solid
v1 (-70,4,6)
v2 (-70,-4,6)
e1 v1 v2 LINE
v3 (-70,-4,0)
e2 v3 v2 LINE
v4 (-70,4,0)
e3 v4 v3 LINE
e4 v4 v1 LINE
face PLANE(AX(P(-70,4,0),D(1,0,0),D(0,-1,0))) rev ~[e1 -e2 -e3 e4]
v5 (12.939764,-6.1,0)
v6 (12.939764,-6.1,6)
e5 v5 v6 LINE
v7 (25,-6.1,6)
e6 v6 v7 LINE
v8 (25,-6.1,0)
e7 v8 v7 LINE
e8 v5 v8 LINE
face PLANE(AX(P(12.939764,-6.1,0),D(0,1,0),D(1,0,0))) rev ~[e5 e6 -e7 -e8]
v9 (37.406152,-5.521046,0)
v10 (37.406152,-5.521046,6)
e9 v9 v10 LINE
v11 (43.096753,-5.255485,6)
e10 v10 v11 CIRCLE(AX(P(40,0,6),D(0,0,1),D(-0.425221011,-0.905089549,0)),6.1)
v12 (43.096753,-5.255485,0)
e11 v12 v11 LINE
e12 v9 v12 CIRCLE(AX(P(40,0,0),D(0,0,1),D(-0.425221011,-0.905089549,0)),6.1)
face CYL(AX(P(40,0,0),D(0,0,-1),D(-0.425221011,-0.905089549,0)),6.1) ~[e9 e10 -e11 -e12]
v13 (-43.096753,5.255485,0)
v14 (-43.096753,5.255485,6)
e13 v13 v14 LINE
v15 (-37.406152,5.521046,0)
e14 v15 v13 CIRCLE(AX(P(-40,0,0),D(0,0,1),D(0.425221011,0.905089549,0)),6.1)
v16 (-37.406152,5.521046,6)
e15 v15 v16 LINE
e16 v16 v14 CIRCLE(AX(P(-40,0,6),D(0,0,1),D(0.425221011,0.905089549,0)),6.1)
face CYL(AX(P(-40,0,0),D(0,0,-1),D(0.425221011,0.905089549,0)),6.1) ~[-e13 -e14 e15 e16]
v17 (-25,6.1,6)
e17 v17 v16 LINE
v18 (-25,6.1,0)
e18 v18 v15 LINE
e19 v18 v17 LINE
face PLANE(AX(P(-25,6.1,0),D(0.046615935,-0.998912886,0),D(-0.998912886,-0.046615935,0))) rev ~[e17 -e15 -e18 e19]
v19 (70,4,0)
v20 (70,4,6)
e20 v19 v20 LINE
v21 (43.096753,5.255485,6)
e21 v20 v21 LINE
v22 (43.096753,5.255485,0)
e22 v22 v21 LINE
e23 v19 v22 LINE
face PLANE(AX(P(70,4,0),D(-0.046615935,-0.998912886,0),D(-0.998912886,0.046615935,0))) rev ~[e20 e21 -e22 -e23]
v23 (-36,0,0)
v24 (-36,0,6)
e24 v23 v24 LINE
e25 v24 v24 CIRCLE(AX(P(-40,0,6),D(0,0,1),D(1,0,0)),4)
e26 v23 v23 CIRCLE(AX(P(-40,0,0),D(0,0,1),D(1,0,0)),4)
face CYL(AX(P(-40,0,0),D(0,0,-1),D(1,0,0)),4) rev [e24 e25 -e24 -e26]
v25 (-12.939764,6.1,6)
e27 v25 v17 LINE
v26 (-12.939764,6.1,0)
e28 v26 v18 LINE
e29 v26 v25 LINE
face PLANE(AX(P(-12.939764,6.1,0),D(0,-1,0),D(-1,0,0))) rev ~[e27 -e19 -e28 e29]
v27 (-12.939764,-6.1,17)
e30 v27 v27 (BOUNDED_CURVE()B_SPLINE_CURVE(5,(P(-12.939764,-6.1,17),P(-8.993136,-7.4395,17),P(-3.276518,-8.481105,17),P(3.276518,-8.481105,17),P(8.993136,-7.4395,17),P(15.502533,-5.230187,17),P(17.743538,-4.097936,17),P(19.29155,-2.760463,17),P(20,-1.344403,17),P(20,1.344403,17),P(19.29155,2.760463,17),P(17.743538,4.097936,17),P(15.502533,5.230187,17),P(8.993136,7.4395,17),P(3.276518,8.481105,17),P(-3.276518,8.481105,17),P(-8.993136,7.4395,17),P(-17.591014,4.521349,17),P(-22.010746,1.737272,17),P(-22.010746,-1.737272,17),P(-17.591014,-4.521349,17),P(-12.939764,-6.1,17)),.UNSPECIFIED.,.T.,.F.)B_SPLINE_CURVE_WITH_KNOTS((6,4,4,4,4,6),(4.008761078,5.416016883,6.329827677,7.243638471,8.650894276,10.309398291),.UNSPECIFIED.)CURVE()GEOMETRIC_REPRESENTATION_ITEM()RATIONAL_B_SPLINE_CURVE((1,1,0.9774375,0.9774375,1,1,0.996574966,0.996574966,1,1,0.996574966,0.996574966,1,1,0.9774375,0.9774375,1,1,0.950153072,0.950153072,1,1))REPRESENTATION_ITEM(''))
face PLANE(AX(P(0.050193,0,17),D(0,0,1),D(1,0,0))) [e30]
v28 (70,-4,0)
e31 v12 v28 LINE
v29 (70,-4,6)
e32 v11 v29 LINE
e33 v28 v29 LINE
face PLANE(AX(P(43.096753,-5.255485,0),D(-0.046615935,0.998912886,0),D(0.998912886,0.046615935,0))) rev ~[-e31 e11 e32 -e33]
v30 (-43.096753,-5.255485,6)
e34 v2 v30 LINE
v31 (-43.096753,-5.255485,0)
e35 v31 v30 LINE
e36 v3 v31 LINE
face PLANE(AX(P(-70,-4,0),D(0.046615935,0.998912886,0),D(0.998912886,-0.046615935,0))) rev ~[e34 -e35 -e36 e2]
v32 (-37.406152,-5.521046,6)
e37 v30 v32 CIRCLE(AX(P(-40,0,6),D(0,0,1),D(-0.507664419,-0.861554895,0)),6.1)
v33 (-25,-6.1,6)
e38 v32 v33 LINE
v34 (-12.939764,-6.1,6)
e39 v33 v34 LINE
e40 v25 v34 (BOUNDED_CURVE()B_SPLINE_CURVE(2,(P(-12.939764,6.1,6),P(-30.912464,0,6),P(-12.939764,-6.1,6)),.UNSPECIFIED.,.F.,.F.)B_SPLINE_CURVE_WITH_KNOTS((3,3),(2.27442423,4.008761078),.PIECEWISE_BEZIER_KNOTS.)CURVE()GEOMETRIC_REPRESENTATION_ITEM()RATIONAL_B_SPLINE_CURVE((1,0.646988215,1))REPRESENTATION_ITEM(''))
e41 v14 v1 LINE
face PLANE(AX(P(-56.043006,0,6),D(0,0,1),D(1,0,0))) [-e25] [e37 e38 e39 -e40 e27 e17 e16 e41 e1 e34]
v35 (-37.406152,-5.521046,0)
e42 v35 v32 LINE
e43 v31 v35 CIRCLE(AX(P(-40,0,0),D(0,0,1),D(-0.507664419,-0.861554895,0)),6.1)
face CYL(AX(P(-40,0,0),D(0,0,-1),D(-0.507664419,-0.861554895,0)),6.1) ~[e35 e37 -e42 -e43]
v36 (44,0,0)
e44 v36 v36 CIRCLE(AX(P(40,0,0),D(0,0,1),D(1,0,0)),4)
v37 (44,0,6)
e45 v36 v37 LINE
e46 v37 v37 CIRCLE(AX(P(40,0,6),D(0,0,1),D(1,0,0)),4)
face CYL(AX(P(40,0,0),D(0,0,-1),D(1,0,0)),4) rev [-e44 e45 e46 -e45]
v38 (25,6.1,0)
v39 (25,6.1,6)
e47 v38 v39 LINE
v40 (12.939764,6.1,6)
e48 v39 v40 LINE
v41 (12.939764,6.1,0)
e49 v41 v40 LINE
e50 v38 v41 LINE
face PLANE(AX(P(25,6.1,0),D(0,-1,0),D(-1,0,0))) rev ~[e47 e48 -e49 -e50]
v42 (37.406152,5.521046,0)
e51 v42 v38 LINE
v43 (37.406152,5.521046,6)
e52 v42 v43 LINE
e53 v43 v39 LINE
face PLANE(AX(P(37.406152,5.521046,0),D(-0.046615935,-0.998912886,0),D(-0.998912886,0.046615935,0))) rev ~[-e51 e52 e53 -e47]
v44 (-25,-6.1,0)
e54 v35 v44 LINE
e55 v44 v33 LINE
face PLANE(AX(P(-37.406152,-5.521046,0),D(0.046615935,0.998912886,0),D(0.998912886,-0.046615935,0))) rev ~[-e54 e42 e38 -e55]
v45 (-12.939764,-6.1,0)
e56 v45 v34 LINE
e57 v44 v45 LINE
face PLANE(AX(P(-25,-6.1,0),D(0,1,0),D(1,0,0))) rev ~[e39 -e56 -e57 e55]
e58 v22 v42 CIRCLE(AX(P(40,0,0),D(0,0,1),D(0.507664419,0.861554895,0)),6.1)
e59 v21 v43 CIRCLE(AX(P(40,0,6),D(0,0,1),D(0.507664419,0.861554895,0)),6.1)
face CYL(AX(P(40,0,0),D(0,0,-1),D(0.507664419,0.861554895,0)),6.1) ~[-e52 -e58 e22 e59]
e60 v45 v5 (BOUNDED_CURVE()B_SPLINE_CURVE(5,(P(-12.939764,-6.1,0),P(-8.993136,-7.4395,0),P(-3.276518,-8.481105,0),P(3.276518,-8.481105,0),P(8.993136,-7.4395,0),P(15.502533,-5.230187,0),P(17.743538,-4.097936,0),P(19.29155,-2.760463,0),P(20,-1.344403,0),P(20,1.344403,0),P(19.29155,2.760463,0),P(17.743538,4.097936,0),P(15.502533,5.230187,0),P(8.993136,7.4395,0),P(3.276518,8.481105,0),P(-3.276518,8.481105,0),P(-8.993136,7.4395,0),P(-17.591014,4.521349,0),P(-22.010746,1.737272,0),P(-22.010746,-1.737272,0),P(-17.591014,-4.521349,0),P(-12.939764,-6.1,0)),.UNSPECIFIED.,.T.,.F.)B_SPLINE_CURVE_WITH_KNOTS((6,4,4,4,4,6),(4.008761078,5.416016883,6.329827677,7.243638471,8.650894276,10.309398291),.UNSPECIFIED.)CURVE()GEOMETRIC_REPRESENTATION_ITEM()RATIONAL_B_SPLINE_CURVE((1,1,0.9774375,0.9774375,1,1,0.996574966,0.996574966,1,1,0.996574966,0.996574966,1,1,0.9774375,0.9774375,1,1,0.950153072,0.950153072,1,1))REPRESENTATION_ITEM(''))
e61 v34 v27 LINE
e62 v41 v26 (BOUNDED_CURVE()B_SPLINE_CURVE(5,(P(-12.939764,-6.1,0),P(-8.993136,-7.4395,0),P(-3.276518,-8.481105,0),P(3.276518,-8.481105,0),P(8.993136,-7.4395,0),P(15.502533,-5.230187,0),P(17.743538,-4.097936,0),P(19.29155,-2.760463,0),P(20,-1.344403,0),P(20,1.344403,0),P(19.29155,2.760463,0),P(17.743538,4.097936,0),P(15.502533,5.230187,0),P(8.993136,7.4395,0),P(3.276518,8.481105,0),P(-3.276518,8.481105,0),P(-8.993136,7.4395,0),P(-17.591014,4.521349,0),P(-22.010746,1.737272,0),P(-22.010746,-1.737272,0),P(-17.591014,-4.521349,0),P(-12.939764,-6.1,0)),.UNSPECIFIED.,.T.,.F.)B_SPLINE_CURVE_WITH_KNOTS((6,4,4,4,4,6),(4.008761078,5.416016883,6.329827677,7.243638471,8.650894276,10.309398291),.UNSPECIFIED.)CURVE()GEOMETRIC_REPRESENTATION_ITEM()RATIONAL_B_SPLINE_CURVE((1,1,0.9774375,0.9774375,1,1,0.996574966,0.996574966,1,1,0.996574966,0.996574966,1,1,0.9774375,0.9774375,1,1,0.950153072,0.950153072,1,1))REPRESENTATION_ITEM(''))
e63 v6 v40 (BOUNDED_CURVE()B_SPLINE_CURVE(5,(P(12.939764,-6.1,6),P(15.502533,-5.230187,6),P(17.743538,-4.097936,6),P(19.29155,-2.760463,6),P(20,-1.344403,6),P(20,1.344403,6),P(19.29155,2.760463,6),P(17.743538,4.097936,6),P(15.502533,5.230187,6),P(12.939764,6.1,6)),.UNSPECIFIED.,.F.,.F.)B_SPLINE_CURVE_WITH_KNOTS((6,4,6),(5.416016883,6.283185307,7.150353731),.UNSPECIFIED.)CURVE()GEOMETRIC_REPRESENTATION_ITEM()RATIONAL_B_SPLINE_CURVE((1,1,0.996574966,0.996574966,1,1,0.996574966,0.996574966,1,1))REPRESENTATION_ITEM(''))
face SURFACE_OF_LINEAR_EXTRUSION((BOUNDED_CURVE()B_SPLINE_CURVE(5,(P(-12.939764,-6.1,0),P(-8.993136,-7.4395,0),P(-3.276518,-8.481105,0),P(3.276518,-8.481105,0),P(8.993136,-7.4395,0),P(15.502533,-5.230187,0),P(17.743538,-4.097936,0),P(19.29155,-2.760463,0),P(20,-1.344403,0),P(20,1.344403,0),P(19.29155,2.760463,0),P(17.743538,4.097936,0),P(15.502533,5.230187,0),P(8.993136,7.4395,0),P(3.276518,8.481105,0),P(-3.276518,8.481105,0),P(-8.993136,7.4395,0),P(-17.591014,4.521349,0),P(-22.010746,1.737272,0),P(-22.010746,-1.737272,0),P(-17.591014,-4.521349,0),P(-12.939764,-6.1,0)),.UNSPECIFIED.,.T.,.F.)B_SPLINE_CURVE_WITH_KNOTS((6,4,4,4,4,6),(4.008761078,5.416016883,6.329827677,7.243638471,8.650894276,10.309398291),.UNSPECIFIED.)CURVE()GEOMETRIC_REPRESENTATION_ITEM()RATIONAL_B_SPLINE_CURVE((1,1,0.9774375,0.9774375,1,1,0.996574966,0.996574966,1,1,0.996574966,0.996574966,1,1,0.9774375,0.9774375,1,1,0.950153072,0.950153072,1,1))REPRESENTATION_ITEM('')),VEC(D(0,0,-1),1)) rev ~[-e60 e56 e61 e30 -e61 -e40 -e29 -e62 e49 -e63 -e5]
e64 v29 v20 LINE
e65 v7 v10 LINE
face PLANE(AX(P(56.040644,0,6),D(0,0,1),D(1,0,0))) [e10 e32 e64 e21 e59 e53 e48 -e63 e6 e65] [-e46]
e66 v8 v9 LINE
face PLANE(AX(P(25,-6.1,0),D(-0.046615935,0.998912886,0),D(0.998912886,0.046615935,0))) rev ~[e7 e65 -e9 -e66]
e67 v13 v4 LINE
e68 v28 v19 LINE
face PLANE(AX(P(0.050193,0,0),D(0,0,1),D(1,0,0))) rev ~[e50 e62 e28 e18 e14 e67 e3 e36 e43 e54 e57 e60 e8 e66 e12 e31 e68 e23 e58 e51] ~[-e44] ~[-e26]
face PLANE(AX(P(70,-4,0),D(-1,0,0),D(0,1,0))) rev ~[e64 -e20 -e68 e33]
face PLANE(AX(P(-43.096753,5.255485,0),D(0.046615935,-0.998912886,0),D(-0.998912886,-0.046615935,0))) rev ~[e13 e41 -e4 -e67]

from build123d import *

# Parameters (mm, degrees)
F0_R     = 4
F1_DEPTH = 6
F2_DEPTH = 17


with BuildPart() as f1:
    # F0 (on Top) → F1 (new body)
    with BuildSketch(Plane.XY):
        with BuildLine():
            ThreePointArc((-43.096752955, -5.2554848621), (-46.1, 0), (-43.096752955, 5.2554848621))
            Line((-43.096752955, 5.2554848621), (-70, 4))
            Line((-70, 4), (-70, 0))
            Line((-70, 0), (-70, -4))
            Line((-70, -4), (-43.096752955, -5.2554848621))
        make_face()
        with BuildLine():
            Line((-43.096752955, 5.2554848621), (-37.4061518301, 5.5210462479))
            ThreePointArc((-37.4061518301, 5.5210462479), (-40.2843572017, 6.0933686071), (-43.096752955, 5.2554848621))
        make_face()
        with BuildLine():
            ThreePointArc((-43.096752955, -5.2554848621), (-40.2843572017, -6.0933686071), (-37.4061518301, -5.5210462479))
            Line((-37.4061518301, -5.5210462479), (-43.096752955, -5.2554848621))
        make_face()
        with BuildLine():
            add(Edge.make_bspline(
                [(-12.9397642946, 6.1), (-30.9124641603, 0), (-12.9397642946, -6.1)],
                knots=[2.2744242295, 2.2744242295, 2.2744242295, 4.0087610776, 4.0087610776, 4.0087610776], degree=2, weights=[1, 0.6469882147, 1]))
            Line((-12.9397642946, 6.1), (-25, 6.1))
            Line((-25, 6.1), (-37.4061518301, 5.5210462479))
            ThreePointArc((-37.4061518301, 5.5210462479), (-34.8506081021, 3.2701319671), (-33.9, 0))
            ThreePointArc((-33.9, 0), (-34.8506081021, -3.2701319671), (-37.4061518301, -5.5210462479))
            Line((-37.4061518301, -5.5210462479), (-25, -6.1))
            Line((-25, -6.1), (-12.9397642946, -6.1))
        make_face()
        with BuildLine():
            ThreePointArc((-33.9, 0), (-34.8506081021, 3.2701319671), (-37.4061518301, 5.5210462479))
            Line((-37.4061518301, 5.5210462479), (-43.096752955, 5.2554848621))
            ThreePointArc((-43.096752955, 5.2554848621), (-46.1, 0), (-43.096752955, -5.2554848621))
            Line((-43.096752955, -5.2554848621), (-37.4061518301, -5.5210462479))
            ThreePointArc((-37.4061518301, -5.5210462479), (-34.8506081021, -3.2701319671), (-33.9, 0))
        make_face()
        with Locations((-40, 0)):
            Circle(F0_R, mode=Mode.SUBTRACT)
    extrude(amount=F1_DEPTH)



with BuildPart() as f1b:
    # F0 (on Top) → F1, piece 2 (new body)
    with BuildSketch(Plane.XY):
        with BuildLine():
            Line((70, 4), (43.096752955, 5.2554848621))
            ThreePointArc((43.096752955, 5.2554848621), (45.2962341822, 3.0265332457), (46.1, 0))
            ThreePointArc((46.1, 0), (45.2962341822, -3.0265332457), (43.096752955, -5.2554848621))
            Line((43.096752955, -5.2554848621), (70, -4))
            Line((70, -4), (70, 0))
            Line((70, 0), (70, 4))
        make_face()
        with BuildLine():
            Line((43.096752955, -5.2554848621), (37.4061518301, -5.5210462479))
            ThreePointArc((37.4061518301, -5.5210462479), (40.2843572017, -6.0933686071), (43.096752955, -5.2554848621))
        make_face()
        with BuildLine():
            ThreePointArc((43.096752955, 5.2554848621), (40.2843572017, 6.0933686071), (37.4061518301, 5.5210462479))
            Line((37.4061518301, 5.5210462479), (43.096752955, 5.2554848621))
        make_face()
        with BuildLine():
            add(Edge.make_bspline(
                [(20, 0), (20, 3.7037302061), (12.9397642946, 6.1)],
                knots=[0, 0, 0, 0.8671684241, 0.8671684241, 0.8671684241], degree=2, weights=[1, 0.907465761, 1]))
            add(Edge.make_bspline(
                [(12.9397642946, -6.1), (20, -3.7037302061), (20, 0)],
                knots=[5.4160168831, 5.4160168831, 5.4160168831, 6.2831853072, 6.2831853072, 6.2831853072], degree=2, weights=[1, 0.907465761, 1]))
            Line((12.9397642946, -6.1), (25, -6.1))
            Line((25, -6.1), (37.4061518301, -5.5210462479))
            ThreePointArc((37.4061518301, -5.5210462479), (33.9, 0), (37.4061518301, 5.5210462479))
            Line((37.4061518301, 5.5210462479), (25, 6.1))
            Line((25, 6.1), (12.9397642946, 6.1))
        make_face()
        with BuildLine():
            Line((43.096752955, 5.2554848621), (37.4061518301, 5.5210462479))
            ThreePointArc((37.4061518301, 5.5210462479), (33.9, 0), (37.4061518301, -5.5210462479))
            Line((37.4061518301, -5.5210462479), (43.096752955, -5.2554848621))
            ThreePointArc((43.096752955, -5.2554848621), (45.2962341822, -3.0265332457), (46.1, 0))
            ThreePointArc((46.1, 0), (45.2962341822, 3.0265332457), (43.096752955, 5.2554848621))
        make_face()
        with Locations((40, 0)):
            Circle(F0_R, mode=Mode.SUBTRACT)
    extrude(amount=F1_DEPTH)


with BuildPart() as f1_1:
    add(f1.part)

    add(f1b.part)  # F2 merges F1b
    # F0 (on Top) → F2 (join)
    with BuildSketch(Plane.XY):
        with BuildLine():
            add(Edge.make_bspline(
                [(12.9397642946, -6.1), (20, -3.7037302061), (20, 0)],
                knots=[5.4160168831, 5.4160168831, 5.4160168831, 6.2831853072, 6.2831853072, 6.2831853072], degree=2, weights=[1, 0.907465761, 1]))
            add(Edge.make_bspline(
                [(20, 0), (20, 3.7037302061), (12.9397642946, 6.1)],
                knots=[0, 0, 0, 0.8671684241, 0.8671684241, 0.8671684241], degree=2, weights=[1, 0.907465761, 1]))
            add(Edge.make_bspline(
                [(12.9397642946, 6.1), (0, 10.4918032787), (-12.9397642946, 6.1)],
                knots=[0.8671684241, 0.8671684241, 0.8671684241, 2.2744242295, 2.2744242295, 2.2744242295], degree=2, weights=[1, 0.7625, 1]))
            add(Edge.make_bspline(
                [(-12.9397642946, 6.1), (-30.9124641603, 0), (-12.9397642946, -6.1)],
                knots=[2.2744242295, 2.2744242295, 2.2744242295, 4.0087610776, 4.0087610776, 4.0087610776], degree=2, weights=[1, 0.6469882147, 1]))
            add(Edge.make_bspline(
                [(-12.9397642946, -6.1), (0, -10.4918032787), (12.9397642946, -6.1)],
                knots=[4.0087610776, 4.0087610776, 4.0087610776, 5.4160168831, 5.4160168831, 5.4160168831], degree=2, weights=[1, 0.7625, 1]))
        make_face()
    extrude(amount=F2_DEPTH)


solid = f1_1.part
